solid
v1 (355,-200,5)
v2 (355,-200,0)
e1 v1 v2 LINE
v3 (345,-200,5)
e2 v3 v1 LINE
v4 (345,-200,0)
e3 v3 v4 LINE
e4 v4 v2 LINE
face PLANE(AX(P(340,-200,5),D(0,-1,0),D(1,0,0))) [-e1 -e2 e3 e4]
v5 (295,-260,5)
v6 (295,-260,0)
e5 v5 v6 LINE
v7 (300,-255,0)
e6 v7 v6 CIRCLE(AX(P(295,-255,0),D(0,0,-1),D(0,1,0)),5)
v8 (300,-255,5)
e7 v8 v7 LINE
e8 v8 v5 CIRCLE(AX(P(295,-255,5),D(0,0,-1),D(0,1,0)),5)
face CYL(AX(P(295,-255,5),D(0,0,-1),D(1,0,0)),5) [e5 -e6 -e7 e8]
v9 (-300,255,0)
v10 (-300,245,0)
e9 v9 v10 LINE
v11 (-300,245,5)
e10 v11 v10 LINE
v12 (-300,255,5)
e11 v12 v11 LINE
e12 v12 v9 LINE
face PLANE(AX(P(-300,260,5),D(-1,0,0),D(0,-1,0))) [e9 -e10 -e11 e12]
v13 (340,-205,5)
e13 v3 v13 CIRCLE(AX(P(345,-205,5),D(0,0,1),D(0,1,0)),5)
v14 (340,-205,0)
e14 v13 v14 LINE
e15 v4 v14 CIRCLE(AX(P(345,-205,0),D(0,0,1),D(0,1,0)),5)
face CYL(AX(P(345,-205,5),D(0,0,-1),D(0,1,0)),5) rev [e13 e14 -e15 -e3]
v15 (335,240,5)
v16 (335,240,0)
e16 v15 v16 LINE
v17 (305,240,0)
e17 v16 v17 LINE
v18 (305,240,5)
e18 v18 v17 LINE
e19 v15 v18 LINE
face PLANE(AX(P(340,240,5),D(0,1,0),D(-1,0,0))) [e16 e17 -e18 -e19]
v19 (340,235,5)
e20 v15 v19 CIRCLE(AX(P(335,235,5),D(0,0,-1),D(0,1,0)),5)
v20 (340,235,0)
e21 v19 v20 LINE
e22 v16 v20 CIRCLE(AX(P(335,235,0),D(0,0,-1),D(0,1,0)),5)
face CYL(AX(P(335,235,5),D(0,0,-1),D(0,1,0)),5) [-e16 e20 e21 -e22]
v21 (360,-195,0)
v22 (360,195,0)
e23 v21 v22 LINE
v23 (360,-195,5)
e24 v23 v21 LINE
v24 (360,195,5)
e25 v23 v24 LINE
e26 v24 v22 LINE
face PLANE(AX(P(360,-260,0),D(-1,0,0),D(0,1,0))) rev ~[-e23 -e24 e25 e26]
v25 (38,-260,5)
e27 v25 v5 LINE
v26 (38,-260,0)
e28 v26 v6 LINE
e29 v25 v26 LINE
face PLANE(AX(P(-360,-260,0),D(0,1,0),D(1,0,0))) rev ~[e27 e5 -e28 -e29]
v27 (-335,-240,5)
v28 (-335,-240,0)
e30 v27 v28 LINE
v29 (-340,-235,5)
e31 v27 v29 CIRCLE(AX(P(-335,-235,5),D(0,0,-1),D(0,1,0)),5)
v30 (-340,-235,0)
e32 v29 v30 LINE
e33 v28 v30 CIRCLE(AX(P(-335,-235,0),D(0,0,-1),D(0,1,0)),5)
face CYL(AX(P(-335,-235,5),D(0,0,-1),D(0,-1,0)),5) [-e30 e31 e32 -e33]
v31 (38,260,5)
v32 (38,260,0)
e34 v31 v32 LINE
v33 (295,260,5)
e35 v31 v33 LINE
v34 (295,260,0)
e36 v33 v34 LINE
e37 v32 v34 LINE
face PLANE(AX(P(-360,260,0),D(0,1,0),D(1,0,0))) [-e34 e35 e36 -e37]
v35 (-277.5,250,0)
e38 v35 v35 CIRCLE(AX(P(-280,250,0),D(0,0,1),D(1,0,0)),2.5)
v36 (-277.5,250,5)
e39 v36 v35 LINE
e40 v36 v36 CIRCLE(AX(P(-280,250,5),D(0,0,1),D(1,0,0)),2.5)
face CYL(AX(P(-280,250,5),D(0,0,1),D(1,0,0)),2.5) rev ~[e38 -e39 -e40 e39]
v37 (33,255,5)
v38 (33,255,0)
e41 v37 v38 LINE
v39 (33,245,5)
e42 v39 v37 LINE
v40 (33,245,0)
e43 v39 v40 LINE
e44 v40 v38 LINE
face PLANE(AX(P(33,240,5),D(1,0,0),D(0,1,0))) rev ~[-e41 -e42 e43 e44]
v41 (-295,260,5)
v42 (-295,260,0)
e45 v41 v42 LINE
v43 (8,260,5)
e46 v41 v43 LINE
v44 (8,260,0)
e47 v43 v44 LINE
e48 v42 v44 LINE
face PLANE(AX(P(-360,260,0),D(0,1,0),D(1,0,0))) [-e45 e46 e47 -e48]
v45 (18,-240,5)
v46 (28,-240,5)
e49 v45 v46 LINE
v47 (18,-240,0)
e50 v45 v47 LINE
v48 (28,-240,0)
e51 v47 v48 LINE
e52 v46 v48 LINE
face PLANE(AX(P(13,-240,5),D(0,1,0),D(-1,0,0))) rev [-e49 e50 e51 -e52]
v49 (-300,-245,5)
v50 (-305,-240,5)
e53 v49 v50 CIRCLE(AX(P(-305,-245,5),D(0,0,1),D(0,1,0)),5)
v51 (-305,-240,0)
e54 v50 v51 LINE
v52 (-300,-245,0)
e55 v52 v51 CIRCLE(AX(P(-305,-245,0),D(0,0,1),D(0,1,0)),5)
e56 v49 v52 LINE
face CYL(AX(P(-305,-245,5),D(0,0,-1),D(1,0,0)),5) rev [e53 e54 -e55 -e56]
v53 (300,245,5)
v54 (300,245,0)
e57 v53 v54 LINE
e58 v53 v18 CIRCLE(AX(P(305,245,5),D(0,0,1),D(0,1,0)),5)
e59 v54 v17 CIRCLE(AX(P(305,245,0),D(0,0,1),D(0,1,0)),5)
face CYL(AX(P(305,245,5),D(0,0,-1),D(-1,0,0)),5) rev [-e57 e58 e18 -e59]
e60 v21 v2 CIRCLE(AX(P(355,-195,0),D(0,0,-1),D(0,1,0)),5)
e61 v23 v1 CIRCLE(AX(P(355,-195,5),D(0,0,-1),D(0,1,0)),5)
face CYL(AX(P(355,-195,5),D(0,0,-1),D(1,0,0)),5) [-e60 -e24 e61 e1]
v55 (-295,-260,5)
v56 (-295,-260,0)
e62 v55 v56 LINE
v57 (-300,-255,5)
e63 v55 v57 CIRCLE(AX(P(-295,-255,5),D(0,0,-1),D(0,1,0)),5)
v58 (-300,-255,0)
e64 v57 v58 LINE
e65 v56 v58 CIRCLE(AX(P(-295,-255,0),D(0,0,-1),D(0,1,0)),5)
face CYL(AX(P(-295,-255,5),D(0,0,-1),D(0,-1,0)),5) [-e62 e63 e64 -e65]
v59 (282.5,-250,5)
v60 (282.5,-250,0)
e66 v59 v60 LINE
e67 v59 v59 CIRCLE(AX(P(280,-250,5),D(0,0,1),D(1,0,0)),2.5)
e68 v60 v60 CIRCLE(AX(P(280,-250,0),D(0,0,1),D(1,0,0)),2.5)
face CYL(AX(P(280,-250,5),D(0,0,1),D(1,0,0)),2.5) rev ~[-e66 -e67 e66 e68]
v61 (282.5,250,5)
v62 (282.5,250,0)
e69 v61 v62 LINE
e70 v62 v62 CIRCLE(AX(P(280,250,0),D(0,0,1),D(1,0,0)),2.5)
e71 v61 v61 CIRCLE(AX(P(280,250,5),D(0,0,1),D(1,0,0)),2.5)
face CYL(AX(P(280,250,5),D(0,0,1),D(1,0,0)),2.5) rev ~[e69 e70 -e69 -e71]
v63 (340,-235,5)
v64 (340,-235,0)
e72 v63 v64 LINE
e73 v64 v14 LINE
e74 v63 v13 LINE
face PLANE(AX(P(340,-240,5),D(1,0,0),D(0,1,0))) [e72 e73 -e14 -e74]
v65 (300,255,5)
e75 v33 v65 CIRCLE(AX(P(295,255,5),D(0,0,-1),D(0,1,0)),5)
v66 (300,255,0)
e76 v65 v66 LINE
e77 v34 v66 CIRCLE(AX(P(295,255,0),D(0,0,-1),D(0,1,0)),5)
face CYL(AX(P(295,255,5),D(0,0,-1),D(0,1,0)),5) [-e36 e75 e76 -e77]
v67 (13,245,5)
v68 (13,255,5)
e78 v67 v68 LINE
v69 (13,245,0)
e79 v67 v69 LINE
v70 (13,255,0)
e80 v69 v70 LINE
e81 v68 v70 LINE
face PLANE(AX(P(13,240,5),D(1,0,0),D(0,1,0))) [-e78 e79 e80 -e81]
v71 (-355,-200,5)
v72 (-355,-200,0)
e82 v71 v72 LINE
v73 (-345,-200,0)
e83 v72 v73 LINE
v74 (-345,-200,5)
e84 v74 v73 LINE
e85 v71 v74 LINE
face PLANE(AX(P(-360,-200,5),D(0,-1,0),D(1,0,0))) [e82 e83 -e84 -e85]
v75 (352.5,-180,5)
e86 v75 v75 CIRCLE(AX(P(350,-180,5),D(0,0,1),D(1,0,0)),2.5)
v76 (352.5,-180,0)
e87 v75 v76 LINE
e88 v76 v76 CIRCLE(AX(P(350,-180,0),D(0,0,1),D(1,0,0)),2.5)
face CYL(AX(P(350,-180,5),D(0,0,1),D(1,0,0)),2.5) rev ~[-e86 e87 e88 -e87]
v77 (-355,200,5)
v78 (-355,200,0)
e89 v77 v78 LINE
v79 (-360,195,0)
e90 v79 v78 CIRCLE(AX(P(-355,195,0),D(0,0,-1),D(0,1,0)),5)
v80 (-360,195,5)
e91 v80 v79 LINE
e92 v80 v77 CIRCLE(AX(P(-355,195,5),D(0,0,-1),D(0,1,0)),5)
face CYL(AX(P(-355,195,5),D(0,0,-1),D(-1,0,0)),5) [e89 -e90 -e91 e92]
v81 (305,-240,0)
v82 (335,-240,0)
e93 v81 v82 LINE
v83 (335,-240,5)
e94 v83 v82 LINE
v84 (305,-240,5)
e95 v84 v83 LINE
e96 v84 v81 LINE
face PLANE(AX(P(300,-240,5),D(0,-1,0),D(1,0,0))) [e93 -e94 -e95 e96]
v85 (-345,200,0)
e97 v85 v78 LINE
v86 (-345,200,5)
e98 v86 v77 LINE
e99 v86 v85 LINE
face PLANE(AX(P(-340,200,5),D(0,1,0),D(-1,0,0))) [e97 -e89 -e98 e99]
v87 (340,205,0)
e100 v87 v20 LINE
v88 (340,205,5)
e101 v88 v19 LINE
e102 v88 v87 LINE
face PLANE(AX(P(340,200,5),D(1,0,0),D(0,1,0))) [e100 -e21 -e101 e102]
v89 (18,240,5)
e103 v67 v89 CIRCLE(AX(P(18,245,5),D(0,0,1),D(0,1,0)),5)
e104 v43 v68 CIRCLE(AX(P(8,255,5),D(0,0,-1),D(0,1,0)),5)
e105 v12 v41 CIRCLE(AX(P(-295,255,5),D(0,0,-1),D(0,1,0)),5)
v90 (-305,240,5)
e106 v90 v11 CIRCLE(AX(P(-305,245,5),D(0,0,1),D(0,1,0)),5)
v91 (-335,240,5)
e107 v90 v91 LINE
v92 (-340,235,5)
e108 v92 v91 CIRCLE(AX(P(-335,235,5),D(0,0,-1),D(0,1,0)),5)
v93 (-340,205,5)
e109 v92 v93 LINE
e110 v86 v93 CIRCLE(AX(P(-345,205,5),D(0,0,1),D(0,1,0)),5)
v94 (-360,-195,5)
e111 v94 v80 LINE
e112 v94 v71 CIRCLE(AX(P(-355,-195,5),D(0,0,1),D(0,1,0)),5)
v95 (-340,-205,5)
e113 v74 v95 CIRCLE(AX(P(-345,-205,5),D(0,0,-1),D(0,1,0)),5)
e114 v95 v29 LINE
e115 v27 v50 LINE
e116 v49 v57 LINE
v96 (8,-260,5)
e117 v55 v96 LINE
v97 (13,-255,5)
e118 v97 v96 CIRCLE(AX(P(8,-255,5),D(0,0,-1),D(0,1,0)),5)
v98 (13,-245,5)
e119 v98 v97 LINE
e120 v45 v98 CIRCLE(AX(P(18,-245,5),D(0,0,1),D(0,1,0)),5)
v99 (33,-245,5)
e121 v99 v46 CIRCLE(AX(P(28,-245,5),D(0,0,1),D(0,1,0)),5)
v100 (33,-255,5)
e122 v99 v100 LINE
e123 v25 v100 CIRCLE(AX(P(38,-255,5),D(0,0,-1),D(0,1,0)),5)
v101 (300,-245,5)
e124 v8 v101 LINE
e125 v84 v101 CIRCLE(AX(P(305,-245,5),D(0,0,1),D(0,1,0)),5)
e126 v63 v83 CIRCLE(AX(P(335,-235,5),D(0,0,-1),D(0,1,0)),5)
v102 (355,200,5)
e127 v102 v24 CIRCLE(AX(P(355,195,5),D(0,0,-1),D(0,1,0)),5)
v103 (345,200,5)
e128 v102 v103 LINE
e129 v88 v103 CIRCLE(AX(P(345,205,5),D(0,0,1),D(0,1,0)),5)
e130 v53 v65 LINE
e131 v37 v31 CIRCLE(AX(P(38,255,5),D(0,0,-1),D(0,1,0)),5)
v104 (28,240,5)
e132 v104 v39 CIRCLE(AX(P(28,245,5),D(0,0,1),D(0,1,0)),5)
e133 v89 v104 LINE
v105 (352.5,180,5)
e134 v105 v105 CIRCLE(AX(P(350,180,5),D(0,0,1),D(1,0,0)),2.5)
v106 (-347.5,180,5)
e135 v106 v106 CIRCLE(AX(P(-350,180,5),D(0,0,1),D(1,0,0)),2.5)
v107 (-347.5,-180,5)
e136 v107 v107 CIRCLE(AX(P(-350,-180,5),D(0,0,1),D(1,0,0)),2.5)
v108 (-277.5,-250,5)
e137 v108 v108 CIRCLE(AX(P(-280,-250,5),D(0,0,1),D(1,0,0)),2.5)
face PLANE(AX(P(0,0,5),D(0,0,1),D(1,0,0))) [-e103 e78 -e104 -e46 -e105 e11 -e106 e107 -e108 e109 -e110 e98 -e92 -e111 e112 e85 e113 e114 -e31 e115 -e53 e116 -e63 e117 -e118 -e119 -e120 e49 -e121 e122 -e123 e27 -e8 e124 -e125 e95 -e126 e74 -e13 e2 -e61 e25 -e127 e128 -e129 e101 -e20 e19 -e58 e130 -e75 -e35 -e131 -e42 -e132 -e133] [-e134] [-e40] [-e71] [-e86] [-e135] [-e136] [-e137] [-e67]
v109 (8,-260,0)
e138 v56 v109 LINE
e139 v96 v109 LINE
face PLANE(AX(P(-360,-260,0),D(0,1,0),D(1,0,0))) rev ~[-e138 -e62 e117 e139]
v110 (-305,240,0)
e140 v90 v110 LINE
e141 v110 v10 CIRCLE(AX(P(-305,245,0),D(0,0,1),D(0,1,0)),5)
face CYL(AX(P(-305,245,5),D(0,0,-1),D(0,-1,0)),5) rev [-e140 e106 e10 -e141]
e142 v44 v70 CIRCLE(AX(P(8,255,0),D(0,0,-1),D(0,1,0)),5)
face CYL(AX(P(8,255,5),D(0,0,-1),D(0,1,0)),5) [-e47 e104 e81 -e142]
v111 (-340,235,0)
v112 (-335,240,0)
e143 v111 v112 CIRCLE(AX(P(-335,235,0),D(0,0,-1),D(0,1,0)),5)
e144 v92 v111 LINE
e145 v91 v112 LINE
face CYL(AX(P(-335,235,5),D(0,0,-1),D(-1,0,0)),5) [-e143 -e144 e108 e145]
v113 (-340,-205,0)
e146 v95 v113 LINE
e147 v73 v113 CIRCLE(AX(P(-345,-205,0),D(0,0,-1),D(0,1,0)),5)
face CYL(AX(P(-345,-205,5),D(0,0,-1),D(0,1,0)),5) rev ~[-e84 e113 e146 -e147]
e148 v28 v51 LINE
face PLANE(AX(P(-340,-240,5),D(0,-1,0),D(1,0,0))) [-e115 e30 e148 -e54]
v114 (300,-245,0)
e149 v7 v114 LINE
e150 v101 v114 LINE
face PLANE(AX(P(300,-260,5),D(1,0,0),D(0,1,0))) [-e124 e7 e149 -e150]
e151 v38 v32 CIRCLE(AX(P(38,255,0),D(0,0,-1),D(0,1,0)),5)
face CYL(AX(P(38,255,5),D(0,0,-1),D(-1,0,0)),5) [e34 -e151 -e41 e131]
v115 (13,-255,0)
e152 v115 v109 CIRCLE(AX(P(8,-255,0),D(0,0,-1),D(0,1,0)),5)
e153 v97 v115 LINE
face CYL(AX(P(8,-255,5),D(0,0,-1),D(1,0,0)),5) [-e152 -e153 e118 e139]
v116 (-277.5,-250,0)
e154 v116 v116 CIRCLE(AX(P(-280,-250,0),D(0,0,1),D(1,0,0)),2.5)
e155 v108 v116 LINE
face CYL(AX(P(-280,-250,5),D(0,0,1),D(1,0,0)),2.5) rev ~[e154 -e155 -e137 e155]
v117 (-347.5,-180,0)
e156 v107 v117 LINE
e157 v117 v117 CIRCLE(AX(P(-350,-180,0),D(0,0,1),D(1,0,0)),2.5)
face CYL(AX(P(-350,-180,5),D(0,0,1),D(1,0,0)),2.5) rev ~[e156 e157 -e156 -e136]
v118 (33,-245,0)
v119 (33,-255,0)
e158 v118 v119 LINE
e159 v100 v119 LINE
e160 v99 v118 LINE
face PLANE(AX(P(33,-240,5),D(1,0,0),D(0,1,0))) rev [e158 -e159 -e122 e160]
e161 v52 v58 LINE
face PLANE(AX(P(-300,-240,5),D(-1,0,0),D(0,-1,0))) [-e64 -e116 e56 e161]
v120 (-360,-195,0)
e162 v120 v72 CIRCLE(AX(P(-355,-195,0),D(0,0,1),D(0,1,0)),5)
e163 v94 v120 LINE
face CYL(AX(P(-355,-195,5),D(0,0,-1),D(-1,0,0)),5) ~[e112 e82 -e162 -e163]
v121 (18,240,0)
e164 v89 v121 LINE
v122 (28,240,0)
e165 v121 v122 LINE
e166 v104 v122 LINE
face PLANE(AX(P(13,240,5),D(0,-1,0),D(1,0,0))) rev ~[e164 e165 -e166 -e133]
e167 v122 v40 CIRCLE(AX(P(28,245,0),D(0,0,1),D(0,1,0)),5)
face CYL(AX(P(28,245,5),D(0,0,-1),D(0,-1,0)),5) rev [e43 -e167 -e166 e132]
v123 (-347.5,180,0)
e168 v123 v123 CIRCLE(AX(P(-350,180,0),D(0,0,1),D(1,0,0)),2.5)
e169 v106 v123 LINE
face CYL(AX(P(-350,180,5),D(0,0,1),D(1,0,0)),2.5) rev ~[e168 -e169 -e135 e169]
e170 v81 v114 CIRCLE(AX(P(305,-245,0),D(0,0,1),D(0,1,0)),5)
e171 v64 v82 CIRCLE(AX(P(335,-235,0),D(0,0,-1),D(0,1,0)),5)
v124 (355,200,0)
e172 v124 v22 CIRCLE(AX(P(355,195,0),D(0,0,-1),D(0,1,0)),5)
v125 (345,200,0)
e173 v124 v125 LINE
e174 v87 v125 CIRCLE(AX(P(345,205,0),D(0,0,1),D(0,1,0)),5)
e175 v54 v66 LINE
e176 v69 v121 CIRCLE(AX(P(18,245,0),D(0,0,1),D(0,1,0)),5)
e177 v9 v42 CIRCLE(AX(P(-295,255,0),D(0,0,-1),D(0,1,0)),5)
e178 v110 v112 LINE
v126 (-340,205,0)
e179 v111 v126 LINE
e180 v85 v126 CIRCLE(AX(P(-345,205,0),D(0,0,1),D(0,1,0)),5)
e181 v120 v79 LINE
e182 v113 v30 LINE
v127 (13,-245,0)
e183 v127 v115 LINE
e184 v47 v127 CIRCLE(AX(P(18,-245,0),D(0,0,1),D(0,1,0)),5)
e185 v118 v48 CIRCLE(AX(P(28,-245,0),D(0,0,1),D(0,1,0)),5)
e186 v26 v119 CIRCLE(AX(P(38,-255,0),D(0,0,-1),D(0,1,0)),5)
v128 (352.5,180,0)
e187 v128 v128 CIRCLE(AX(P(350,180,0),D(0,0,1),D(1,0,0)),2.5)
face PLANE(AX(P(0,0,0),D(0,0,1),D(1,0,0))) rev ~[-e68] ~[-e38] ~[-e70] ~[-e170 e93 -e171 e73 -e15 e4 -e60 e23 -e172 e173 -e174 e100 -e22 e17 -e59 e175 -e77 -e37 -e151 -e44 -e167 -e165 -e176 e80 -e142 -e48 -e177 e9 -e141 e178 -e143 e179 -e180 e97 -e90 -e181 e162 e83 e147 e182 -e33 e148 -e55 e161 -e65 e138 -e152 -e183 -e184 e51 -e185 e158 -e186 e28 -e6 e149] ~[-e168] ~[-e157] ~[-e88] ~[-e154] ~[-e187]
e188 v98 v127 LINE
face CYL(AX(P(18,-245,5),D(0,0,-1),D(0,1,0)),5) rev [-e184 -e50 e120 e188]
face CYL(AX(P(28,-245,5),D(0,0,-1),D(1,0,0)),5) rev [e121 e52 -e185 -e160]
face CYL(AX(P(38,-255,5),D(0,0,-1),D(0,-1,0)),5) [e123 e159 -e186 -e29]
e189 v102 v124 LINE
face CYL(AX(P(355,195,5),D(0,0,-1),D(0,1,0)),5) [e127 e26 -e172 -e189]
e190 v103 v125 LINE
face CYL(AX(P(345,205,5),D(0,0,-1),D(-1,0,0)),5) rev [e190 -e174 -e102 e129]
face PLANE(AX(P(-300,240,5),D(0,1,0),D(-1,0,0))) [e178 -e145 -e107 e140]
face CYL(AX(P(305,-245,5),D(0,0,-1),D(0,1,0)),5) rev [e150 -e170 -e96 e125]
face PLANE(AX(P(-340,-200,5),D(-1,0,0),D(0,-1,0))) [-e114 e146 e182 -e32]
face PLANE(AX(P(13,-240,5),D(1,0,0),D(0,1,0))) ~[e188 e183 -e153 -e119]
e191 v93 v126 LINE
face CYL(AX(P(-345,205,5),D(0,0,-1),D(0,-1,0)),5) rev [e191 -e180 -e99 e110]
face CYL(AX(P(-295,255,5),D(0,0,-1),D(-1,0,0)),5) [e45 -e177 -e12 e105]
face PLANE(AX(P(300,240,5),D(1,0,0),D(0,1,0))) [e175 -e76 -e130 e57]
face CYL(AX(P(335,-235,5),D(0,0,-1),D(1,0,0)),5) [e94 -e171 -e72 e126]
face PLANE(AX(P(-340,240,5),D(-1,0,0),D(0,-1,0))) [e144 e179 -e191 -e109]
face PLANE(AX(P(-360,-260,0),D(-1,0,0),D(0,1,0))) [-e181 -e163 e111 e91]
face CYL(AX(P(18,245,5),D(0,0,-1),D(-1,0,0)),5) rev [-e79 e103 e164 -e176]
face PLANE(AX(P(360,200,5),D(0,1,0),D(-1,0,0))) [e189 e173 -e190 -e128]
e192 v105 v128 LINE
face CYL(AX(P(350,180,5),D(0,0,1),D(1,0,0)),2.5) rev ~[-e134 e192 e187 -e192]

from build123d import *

# Parameters (mm, degrees)
SKETCH_1_W          = 720
SKETCH_1_H          = 520
EXTRUDE_1_DEPTH     = 5
CUT_EXTRUDE_1_DEPTH = 445.100213916
SKETCH_3_R          = 2.5
CUT_EXTRUDE_2_DEPTH = 445.100213916
SKETCH_4_W          = 20
SKETCH_4_H          = 20
CUT_EXTRUDE_3_DEPTH = 10
FILLET_1_R          = 5


with BuildPart() as part:
    # 草图1 → 凸台-拉伸1 (new body)
    with BuildSketch(Plane.XY):
        Rectangle(SKETCH_1_W, SKETCH_1_H)
    extrude(amount=EXTRUDE_1_DEPTH)

    # 草图2 → 切除-拉伸1 (cut, through all)
    with BuildSketch(Plane.XY.offset(5)):
        Polygon((340, -240), (340, -200), (360, -200), (360, -260), (300, -260), (300, -240), align=None)
        Polygon((340, 240), (300, 240), (300, 260), (360, 260), (360, 200), (340, 200), align=None)
        Polygon((-340, 240), (-340, 200), (-360, 200), (-360, 260), (-300, 260), (-300, 240), align=None)
        Polygon((-340, -240), (-300, -240), (-300, -260), (-360, -260), (-360, -200), (-340, -200), align=None)
    extrude(amount=-CUT_EXTRUDE_1_DEPTH, mode=Mode.SUBTRACT)

    # 草图3 → 切除-拉伸2 (cut, through all)
    with BuildSketch(Plane.XY.offset(5)):
        with Locations((350, 180)):
            Circle(SKETCH_3_R)
        with Locations((280, 250)):
            Circle(SKETCH_3_R)
        with Locations((-280, 250)):
            Circle(SKETCH_3_R)
        with Locations((-350, 180)):
            Circle(SKETCH_3_R)
        with Locations((-350, -180)):
            Circle(SKETCH_3_R)
        with Locations((-280, -250)):
            Circle(SKETCH_3_R)
        with Locations((350, -180)):
            Circle(SKETCH_3_R)
        with Locations((280, -250)):
            Circle(SKETCH_3_R)
    extrude(amount=-CUT_EXTRUDE_2_DEPTH, mode=Mode.SUBTRACT)

    # 草图4 → 切除-拉伸3 (cut)
    with BuildSketch(Plane.XY.offset(5)):
        with Locations((23, 250)):
            Rectangle(SKETCH_4_W, SKETCH_4_H)
    cut_extrude_3 = extrude(amount=-CUT_EXTRUDE_3_DEPTH, mode=Mode.SUBTRACT)

    # 镜向2: 切除-拉伸3 across plane
    add(cut_extrude_3.mirror(Plane.ZX), mode=Mode.SUBTRACT)

    # 圆角1
    fillet_1_edges = [part.edges().sort_by_distance(p)[0] for p in [
        (13, 260, 2.5),
        (33, 260, 2.5),
        (33, 240, 2.5),
        (13, 240, 2.5),
        (33, -260, 2.5),
        (13, -260, 2.5),
        (13, -240, 2.5),
        (33, -240, 2.5),
        (-360, -200, 2.5),
        (-340, -200, 2.5),
        (-340, -240, 2.5),
        (-300, -240, 2.5),
        (-300, -260, 2.5),
        (-300, 260, 2.5),
        (-300, 240, 2.5),
        (-340, 240, 2.5),
        (-340, 200, 2.5),
        (-360, 200, 2.5),
        (360, 200, 2.5),
        (340, 200, 2.5),
        (340, 240, 2.5),
        (300, 240, 2.5),
        (300, 260, 2.5),
        (300, -260, 2.5),
        (300, -240, 2.5),
        (340, -240, 2.5),
        (340, -200, 2.5),
        (360, -200, 2.5),
    ]]
    fillet(fillet_1_edges, radius=FILLET_1_R)


solid = part.part
